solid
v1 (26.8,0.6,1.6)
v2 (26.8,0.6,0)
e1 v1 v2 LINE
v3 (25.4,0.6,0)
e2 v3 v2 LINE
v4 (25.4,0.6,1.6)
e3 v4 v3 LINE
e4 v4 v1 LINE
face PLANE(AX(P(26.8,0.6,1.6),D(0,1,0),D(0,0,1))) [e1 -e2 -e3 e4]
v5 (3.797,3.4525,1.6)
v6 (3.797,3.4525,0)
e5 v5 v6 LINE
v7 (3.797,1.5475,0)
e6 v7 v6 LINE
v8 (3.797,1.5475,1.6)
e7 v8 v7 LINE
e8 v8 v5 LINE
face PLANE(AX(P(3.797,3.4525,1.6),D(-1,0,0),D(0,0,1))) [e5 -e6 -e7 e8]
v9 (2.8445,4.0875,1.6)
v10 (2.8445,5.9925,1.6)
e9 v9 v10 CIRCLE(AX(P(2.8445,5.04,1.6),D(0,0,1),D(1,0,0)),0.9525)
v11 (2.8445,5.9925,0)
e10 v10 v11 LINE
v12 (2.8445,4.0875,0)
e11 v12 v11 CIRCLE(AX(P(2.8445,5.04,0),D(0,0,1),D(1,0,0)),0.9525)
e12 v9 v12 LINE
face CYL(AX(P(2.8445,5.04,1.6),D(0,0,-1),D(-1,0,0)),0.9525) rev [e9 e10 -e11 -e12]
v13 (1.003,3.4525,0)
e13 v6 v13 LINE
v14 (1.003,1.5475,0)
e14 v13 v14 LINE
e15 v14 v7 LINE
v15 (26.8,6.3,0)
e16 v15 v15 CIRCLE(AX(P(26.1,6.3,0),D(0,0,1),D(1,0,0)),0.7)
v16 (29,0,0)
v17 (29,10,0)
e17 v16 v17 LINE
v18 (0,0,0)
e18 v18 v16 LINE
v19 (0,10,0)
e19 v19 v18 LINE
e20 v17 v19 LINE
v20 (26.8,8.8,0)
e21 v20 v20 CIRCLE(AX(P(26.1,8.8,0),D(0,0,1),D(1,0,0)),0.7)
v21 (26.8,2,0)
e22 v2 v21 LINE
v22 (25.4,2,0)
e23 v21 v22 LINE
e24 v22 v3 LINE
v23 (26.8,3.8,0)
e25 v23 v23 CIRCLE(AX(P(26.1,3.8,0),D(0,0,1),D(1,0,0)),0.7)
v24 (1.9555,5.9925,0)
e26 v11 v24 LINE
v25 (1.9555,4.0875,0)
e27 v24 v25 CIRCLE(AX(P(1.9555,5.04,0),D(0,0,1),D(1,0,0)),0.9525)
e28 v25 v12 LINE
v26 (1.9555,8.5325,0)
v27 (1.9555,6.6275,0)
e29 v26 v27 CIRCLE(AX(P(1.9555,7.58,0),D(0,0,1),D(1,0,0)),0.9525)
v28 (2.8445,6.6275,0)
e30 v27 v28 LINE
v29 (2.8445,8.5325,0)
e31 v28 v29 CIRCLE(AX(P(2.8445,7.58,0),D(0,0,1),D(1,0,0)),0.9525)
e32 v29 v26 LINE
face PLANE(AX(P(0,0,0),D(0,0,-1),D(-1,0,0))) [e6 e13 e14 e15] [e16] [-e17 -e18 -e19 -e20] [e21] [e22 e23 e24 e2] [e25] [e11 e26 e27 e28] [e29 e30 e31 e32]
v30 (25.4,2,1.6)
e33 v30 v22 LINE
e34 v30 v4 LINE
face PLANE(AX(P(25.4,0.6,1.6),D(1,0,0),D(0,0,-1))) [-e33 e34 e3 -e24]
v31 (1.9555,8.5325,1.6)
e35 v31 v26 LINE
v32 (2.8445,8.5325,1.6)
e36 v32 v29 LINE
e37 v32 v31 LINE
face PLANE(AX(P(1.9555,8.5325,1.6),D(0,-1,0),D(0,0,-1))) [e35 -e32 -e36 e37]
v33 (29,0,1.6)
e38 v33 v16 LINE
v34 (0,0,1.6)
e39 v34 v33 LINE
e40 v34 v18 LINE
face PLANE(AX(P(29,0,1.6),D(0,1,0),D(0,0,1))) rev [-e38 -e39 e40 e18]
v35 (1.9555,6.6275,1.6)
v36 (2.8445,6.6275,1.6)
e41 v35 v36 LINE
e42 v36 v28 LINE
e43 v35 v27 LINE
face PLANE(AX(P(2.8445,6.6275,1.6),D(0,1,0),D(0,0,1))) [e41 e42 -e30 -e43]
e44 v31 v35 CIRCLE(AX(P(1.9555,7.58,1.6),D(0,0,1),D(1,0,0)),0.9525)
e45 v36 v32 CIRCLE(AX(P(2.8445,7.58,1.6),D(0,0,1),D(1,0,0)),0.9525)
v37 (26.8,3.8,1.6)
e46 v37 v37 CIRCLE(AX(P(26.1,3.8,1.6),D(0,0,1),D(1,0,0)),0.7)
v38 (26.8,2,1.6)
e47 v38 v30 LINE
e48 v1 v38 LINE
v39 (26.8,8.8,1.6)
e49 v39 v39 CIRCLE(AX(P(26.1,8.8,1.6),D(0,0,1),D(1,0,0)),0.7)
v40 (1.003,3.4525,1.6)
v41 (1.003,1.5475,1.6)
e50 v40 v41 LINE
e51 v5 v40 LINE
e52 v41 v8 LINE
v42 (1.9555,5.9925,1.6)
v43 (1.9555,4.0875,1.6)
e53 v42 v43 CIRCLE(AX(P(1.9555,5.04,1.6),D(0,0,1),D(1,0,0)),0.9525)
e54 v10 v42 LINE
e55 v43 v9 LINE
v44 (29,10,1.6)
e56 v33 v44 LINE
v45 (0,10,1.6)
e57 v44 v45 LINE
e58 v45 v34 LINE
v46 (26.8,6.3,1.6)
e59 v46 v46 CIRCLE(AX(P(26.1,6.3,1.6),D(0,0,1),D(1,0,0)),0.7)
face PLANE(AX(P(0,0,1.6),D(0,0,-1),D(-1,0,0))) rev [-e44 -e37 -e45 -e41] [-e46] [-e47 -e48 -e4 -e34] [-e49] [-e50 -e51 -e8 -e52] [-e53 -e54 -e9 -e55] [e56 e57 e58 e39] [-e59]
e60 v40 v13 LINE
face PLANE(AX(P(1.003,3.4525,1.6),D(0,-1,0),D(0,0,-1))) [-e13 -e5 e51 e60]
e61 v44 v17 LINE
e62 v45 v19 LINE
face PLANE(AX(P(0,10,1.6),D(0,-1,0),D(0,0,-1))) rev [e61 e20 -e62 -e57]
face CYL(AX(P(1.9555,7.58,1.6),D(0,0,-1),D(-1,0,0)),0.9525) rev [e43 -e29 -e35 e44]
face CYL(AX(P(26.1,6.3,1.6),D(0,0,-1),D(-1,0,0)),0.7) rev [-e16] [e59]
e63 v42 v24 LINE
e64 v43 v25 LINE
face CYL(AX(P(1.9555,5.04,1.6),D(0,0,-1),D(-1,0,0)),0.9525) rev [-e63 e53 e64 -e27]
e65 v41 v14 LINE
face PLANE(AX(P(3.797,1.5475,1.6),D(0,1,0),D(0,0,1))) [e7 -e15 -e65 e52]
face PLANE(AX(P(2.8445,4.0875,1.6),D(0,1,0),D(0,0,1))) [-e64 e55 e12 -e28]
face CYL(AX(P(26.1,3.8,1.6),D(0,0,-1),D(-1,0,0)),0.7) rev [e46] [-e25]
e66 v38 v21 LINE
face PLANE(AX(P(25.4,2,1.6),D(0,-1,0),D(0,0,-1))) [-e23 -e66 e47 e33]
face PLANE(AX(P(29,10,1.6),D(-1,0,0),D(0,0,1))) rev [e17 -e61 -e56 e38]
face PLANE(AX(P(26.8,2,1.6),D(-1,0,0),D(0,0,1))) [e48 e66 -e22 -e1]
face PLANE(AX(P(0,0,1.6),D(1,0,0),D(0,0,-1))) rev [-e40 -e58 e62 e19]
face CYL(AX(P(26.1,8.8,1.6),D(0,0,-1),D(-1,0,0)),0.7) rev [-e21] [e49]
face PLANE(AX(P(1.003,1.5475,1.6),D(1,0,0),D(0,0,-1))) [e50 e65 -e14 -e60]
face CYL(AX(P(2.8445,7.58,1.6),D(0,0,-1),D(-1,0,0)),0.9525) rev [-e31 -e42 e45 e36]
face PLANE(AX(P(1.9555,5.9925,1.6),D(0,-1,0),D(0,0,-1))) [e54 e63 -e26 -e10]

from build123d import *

# Parameters (mm, degrees)
MODEL_W            = 29
MODEL_H            = 10
MODEL_R            = 0.7
MODEL_W_2          = 2.794
MODEL_H_2          = 1.905
MODEL_W_3          = 1.4
MODEL_H_3          = 1.4
BOSS_EXTRU_1_DEPTH = 1.6


with BuildPart() as part:
    # Model → Boss.-Extru.1 (new body)
    with BuildSketch(Plane.XY):
        with Locations((14.5, 5)):
            Rectangle(MODEL_W, MODEL_H)
        with Locations((26.1, 3.8)):
            Circle(MODEL_R, mode=Mode.SUBTRACT)
        with Locations((26.1, 6.3)):
            Circle(MODEL_R, mode=Mode.SUBTRACT)
        with Locations((26.1, 8.8)):
            Circle(MODEL_R, mode=Mode.SUBTRACT)
        with Locations((2.4, 2.5)):
            Rectangle(MODEL_W_2, MODEL_H_2, mode=Mode.SUBTRACT)
        with BuildLine():
            Line((1.9555, 5.9925), (2.8445, 5.9925))
            ThreePointArc((2.8445, 5.9925), (3.797, 5.04), (2.8445, 4.0875))
            Line((2.8445, 4.0875), (1.9555, 4.0875))
            ThreePointArc((1.9555, 4.0875), (1.003, 5.04), (1.9555, 5.9925))
        make_face(mode=Mode.SUBTRACT)
        with BuildLine():
            Line((1.9555, 8.5325), (2.8445, 8.5325))
            ThreePointArc((2.8445, 8.5325), (3.797, 7.58), (2.8445, 6.6275))
            Line((2.8445, 6.6275), (1.9555, 6.6275))
            ThreePointArc((1.9555, 6.6275), (1.003, 7.58), (1.9555, 8.5325))
        make_face(mode=Mode.SUBTRACT)
        with Locations((26.1, 1.3)):
            Rectangle(MODEL_W_3, MODEL_H_3, mode=Mode.SUBTRACT)
    extrude(amount=BOSS_EXTRU_1_DEPTH)


solid = part.part
